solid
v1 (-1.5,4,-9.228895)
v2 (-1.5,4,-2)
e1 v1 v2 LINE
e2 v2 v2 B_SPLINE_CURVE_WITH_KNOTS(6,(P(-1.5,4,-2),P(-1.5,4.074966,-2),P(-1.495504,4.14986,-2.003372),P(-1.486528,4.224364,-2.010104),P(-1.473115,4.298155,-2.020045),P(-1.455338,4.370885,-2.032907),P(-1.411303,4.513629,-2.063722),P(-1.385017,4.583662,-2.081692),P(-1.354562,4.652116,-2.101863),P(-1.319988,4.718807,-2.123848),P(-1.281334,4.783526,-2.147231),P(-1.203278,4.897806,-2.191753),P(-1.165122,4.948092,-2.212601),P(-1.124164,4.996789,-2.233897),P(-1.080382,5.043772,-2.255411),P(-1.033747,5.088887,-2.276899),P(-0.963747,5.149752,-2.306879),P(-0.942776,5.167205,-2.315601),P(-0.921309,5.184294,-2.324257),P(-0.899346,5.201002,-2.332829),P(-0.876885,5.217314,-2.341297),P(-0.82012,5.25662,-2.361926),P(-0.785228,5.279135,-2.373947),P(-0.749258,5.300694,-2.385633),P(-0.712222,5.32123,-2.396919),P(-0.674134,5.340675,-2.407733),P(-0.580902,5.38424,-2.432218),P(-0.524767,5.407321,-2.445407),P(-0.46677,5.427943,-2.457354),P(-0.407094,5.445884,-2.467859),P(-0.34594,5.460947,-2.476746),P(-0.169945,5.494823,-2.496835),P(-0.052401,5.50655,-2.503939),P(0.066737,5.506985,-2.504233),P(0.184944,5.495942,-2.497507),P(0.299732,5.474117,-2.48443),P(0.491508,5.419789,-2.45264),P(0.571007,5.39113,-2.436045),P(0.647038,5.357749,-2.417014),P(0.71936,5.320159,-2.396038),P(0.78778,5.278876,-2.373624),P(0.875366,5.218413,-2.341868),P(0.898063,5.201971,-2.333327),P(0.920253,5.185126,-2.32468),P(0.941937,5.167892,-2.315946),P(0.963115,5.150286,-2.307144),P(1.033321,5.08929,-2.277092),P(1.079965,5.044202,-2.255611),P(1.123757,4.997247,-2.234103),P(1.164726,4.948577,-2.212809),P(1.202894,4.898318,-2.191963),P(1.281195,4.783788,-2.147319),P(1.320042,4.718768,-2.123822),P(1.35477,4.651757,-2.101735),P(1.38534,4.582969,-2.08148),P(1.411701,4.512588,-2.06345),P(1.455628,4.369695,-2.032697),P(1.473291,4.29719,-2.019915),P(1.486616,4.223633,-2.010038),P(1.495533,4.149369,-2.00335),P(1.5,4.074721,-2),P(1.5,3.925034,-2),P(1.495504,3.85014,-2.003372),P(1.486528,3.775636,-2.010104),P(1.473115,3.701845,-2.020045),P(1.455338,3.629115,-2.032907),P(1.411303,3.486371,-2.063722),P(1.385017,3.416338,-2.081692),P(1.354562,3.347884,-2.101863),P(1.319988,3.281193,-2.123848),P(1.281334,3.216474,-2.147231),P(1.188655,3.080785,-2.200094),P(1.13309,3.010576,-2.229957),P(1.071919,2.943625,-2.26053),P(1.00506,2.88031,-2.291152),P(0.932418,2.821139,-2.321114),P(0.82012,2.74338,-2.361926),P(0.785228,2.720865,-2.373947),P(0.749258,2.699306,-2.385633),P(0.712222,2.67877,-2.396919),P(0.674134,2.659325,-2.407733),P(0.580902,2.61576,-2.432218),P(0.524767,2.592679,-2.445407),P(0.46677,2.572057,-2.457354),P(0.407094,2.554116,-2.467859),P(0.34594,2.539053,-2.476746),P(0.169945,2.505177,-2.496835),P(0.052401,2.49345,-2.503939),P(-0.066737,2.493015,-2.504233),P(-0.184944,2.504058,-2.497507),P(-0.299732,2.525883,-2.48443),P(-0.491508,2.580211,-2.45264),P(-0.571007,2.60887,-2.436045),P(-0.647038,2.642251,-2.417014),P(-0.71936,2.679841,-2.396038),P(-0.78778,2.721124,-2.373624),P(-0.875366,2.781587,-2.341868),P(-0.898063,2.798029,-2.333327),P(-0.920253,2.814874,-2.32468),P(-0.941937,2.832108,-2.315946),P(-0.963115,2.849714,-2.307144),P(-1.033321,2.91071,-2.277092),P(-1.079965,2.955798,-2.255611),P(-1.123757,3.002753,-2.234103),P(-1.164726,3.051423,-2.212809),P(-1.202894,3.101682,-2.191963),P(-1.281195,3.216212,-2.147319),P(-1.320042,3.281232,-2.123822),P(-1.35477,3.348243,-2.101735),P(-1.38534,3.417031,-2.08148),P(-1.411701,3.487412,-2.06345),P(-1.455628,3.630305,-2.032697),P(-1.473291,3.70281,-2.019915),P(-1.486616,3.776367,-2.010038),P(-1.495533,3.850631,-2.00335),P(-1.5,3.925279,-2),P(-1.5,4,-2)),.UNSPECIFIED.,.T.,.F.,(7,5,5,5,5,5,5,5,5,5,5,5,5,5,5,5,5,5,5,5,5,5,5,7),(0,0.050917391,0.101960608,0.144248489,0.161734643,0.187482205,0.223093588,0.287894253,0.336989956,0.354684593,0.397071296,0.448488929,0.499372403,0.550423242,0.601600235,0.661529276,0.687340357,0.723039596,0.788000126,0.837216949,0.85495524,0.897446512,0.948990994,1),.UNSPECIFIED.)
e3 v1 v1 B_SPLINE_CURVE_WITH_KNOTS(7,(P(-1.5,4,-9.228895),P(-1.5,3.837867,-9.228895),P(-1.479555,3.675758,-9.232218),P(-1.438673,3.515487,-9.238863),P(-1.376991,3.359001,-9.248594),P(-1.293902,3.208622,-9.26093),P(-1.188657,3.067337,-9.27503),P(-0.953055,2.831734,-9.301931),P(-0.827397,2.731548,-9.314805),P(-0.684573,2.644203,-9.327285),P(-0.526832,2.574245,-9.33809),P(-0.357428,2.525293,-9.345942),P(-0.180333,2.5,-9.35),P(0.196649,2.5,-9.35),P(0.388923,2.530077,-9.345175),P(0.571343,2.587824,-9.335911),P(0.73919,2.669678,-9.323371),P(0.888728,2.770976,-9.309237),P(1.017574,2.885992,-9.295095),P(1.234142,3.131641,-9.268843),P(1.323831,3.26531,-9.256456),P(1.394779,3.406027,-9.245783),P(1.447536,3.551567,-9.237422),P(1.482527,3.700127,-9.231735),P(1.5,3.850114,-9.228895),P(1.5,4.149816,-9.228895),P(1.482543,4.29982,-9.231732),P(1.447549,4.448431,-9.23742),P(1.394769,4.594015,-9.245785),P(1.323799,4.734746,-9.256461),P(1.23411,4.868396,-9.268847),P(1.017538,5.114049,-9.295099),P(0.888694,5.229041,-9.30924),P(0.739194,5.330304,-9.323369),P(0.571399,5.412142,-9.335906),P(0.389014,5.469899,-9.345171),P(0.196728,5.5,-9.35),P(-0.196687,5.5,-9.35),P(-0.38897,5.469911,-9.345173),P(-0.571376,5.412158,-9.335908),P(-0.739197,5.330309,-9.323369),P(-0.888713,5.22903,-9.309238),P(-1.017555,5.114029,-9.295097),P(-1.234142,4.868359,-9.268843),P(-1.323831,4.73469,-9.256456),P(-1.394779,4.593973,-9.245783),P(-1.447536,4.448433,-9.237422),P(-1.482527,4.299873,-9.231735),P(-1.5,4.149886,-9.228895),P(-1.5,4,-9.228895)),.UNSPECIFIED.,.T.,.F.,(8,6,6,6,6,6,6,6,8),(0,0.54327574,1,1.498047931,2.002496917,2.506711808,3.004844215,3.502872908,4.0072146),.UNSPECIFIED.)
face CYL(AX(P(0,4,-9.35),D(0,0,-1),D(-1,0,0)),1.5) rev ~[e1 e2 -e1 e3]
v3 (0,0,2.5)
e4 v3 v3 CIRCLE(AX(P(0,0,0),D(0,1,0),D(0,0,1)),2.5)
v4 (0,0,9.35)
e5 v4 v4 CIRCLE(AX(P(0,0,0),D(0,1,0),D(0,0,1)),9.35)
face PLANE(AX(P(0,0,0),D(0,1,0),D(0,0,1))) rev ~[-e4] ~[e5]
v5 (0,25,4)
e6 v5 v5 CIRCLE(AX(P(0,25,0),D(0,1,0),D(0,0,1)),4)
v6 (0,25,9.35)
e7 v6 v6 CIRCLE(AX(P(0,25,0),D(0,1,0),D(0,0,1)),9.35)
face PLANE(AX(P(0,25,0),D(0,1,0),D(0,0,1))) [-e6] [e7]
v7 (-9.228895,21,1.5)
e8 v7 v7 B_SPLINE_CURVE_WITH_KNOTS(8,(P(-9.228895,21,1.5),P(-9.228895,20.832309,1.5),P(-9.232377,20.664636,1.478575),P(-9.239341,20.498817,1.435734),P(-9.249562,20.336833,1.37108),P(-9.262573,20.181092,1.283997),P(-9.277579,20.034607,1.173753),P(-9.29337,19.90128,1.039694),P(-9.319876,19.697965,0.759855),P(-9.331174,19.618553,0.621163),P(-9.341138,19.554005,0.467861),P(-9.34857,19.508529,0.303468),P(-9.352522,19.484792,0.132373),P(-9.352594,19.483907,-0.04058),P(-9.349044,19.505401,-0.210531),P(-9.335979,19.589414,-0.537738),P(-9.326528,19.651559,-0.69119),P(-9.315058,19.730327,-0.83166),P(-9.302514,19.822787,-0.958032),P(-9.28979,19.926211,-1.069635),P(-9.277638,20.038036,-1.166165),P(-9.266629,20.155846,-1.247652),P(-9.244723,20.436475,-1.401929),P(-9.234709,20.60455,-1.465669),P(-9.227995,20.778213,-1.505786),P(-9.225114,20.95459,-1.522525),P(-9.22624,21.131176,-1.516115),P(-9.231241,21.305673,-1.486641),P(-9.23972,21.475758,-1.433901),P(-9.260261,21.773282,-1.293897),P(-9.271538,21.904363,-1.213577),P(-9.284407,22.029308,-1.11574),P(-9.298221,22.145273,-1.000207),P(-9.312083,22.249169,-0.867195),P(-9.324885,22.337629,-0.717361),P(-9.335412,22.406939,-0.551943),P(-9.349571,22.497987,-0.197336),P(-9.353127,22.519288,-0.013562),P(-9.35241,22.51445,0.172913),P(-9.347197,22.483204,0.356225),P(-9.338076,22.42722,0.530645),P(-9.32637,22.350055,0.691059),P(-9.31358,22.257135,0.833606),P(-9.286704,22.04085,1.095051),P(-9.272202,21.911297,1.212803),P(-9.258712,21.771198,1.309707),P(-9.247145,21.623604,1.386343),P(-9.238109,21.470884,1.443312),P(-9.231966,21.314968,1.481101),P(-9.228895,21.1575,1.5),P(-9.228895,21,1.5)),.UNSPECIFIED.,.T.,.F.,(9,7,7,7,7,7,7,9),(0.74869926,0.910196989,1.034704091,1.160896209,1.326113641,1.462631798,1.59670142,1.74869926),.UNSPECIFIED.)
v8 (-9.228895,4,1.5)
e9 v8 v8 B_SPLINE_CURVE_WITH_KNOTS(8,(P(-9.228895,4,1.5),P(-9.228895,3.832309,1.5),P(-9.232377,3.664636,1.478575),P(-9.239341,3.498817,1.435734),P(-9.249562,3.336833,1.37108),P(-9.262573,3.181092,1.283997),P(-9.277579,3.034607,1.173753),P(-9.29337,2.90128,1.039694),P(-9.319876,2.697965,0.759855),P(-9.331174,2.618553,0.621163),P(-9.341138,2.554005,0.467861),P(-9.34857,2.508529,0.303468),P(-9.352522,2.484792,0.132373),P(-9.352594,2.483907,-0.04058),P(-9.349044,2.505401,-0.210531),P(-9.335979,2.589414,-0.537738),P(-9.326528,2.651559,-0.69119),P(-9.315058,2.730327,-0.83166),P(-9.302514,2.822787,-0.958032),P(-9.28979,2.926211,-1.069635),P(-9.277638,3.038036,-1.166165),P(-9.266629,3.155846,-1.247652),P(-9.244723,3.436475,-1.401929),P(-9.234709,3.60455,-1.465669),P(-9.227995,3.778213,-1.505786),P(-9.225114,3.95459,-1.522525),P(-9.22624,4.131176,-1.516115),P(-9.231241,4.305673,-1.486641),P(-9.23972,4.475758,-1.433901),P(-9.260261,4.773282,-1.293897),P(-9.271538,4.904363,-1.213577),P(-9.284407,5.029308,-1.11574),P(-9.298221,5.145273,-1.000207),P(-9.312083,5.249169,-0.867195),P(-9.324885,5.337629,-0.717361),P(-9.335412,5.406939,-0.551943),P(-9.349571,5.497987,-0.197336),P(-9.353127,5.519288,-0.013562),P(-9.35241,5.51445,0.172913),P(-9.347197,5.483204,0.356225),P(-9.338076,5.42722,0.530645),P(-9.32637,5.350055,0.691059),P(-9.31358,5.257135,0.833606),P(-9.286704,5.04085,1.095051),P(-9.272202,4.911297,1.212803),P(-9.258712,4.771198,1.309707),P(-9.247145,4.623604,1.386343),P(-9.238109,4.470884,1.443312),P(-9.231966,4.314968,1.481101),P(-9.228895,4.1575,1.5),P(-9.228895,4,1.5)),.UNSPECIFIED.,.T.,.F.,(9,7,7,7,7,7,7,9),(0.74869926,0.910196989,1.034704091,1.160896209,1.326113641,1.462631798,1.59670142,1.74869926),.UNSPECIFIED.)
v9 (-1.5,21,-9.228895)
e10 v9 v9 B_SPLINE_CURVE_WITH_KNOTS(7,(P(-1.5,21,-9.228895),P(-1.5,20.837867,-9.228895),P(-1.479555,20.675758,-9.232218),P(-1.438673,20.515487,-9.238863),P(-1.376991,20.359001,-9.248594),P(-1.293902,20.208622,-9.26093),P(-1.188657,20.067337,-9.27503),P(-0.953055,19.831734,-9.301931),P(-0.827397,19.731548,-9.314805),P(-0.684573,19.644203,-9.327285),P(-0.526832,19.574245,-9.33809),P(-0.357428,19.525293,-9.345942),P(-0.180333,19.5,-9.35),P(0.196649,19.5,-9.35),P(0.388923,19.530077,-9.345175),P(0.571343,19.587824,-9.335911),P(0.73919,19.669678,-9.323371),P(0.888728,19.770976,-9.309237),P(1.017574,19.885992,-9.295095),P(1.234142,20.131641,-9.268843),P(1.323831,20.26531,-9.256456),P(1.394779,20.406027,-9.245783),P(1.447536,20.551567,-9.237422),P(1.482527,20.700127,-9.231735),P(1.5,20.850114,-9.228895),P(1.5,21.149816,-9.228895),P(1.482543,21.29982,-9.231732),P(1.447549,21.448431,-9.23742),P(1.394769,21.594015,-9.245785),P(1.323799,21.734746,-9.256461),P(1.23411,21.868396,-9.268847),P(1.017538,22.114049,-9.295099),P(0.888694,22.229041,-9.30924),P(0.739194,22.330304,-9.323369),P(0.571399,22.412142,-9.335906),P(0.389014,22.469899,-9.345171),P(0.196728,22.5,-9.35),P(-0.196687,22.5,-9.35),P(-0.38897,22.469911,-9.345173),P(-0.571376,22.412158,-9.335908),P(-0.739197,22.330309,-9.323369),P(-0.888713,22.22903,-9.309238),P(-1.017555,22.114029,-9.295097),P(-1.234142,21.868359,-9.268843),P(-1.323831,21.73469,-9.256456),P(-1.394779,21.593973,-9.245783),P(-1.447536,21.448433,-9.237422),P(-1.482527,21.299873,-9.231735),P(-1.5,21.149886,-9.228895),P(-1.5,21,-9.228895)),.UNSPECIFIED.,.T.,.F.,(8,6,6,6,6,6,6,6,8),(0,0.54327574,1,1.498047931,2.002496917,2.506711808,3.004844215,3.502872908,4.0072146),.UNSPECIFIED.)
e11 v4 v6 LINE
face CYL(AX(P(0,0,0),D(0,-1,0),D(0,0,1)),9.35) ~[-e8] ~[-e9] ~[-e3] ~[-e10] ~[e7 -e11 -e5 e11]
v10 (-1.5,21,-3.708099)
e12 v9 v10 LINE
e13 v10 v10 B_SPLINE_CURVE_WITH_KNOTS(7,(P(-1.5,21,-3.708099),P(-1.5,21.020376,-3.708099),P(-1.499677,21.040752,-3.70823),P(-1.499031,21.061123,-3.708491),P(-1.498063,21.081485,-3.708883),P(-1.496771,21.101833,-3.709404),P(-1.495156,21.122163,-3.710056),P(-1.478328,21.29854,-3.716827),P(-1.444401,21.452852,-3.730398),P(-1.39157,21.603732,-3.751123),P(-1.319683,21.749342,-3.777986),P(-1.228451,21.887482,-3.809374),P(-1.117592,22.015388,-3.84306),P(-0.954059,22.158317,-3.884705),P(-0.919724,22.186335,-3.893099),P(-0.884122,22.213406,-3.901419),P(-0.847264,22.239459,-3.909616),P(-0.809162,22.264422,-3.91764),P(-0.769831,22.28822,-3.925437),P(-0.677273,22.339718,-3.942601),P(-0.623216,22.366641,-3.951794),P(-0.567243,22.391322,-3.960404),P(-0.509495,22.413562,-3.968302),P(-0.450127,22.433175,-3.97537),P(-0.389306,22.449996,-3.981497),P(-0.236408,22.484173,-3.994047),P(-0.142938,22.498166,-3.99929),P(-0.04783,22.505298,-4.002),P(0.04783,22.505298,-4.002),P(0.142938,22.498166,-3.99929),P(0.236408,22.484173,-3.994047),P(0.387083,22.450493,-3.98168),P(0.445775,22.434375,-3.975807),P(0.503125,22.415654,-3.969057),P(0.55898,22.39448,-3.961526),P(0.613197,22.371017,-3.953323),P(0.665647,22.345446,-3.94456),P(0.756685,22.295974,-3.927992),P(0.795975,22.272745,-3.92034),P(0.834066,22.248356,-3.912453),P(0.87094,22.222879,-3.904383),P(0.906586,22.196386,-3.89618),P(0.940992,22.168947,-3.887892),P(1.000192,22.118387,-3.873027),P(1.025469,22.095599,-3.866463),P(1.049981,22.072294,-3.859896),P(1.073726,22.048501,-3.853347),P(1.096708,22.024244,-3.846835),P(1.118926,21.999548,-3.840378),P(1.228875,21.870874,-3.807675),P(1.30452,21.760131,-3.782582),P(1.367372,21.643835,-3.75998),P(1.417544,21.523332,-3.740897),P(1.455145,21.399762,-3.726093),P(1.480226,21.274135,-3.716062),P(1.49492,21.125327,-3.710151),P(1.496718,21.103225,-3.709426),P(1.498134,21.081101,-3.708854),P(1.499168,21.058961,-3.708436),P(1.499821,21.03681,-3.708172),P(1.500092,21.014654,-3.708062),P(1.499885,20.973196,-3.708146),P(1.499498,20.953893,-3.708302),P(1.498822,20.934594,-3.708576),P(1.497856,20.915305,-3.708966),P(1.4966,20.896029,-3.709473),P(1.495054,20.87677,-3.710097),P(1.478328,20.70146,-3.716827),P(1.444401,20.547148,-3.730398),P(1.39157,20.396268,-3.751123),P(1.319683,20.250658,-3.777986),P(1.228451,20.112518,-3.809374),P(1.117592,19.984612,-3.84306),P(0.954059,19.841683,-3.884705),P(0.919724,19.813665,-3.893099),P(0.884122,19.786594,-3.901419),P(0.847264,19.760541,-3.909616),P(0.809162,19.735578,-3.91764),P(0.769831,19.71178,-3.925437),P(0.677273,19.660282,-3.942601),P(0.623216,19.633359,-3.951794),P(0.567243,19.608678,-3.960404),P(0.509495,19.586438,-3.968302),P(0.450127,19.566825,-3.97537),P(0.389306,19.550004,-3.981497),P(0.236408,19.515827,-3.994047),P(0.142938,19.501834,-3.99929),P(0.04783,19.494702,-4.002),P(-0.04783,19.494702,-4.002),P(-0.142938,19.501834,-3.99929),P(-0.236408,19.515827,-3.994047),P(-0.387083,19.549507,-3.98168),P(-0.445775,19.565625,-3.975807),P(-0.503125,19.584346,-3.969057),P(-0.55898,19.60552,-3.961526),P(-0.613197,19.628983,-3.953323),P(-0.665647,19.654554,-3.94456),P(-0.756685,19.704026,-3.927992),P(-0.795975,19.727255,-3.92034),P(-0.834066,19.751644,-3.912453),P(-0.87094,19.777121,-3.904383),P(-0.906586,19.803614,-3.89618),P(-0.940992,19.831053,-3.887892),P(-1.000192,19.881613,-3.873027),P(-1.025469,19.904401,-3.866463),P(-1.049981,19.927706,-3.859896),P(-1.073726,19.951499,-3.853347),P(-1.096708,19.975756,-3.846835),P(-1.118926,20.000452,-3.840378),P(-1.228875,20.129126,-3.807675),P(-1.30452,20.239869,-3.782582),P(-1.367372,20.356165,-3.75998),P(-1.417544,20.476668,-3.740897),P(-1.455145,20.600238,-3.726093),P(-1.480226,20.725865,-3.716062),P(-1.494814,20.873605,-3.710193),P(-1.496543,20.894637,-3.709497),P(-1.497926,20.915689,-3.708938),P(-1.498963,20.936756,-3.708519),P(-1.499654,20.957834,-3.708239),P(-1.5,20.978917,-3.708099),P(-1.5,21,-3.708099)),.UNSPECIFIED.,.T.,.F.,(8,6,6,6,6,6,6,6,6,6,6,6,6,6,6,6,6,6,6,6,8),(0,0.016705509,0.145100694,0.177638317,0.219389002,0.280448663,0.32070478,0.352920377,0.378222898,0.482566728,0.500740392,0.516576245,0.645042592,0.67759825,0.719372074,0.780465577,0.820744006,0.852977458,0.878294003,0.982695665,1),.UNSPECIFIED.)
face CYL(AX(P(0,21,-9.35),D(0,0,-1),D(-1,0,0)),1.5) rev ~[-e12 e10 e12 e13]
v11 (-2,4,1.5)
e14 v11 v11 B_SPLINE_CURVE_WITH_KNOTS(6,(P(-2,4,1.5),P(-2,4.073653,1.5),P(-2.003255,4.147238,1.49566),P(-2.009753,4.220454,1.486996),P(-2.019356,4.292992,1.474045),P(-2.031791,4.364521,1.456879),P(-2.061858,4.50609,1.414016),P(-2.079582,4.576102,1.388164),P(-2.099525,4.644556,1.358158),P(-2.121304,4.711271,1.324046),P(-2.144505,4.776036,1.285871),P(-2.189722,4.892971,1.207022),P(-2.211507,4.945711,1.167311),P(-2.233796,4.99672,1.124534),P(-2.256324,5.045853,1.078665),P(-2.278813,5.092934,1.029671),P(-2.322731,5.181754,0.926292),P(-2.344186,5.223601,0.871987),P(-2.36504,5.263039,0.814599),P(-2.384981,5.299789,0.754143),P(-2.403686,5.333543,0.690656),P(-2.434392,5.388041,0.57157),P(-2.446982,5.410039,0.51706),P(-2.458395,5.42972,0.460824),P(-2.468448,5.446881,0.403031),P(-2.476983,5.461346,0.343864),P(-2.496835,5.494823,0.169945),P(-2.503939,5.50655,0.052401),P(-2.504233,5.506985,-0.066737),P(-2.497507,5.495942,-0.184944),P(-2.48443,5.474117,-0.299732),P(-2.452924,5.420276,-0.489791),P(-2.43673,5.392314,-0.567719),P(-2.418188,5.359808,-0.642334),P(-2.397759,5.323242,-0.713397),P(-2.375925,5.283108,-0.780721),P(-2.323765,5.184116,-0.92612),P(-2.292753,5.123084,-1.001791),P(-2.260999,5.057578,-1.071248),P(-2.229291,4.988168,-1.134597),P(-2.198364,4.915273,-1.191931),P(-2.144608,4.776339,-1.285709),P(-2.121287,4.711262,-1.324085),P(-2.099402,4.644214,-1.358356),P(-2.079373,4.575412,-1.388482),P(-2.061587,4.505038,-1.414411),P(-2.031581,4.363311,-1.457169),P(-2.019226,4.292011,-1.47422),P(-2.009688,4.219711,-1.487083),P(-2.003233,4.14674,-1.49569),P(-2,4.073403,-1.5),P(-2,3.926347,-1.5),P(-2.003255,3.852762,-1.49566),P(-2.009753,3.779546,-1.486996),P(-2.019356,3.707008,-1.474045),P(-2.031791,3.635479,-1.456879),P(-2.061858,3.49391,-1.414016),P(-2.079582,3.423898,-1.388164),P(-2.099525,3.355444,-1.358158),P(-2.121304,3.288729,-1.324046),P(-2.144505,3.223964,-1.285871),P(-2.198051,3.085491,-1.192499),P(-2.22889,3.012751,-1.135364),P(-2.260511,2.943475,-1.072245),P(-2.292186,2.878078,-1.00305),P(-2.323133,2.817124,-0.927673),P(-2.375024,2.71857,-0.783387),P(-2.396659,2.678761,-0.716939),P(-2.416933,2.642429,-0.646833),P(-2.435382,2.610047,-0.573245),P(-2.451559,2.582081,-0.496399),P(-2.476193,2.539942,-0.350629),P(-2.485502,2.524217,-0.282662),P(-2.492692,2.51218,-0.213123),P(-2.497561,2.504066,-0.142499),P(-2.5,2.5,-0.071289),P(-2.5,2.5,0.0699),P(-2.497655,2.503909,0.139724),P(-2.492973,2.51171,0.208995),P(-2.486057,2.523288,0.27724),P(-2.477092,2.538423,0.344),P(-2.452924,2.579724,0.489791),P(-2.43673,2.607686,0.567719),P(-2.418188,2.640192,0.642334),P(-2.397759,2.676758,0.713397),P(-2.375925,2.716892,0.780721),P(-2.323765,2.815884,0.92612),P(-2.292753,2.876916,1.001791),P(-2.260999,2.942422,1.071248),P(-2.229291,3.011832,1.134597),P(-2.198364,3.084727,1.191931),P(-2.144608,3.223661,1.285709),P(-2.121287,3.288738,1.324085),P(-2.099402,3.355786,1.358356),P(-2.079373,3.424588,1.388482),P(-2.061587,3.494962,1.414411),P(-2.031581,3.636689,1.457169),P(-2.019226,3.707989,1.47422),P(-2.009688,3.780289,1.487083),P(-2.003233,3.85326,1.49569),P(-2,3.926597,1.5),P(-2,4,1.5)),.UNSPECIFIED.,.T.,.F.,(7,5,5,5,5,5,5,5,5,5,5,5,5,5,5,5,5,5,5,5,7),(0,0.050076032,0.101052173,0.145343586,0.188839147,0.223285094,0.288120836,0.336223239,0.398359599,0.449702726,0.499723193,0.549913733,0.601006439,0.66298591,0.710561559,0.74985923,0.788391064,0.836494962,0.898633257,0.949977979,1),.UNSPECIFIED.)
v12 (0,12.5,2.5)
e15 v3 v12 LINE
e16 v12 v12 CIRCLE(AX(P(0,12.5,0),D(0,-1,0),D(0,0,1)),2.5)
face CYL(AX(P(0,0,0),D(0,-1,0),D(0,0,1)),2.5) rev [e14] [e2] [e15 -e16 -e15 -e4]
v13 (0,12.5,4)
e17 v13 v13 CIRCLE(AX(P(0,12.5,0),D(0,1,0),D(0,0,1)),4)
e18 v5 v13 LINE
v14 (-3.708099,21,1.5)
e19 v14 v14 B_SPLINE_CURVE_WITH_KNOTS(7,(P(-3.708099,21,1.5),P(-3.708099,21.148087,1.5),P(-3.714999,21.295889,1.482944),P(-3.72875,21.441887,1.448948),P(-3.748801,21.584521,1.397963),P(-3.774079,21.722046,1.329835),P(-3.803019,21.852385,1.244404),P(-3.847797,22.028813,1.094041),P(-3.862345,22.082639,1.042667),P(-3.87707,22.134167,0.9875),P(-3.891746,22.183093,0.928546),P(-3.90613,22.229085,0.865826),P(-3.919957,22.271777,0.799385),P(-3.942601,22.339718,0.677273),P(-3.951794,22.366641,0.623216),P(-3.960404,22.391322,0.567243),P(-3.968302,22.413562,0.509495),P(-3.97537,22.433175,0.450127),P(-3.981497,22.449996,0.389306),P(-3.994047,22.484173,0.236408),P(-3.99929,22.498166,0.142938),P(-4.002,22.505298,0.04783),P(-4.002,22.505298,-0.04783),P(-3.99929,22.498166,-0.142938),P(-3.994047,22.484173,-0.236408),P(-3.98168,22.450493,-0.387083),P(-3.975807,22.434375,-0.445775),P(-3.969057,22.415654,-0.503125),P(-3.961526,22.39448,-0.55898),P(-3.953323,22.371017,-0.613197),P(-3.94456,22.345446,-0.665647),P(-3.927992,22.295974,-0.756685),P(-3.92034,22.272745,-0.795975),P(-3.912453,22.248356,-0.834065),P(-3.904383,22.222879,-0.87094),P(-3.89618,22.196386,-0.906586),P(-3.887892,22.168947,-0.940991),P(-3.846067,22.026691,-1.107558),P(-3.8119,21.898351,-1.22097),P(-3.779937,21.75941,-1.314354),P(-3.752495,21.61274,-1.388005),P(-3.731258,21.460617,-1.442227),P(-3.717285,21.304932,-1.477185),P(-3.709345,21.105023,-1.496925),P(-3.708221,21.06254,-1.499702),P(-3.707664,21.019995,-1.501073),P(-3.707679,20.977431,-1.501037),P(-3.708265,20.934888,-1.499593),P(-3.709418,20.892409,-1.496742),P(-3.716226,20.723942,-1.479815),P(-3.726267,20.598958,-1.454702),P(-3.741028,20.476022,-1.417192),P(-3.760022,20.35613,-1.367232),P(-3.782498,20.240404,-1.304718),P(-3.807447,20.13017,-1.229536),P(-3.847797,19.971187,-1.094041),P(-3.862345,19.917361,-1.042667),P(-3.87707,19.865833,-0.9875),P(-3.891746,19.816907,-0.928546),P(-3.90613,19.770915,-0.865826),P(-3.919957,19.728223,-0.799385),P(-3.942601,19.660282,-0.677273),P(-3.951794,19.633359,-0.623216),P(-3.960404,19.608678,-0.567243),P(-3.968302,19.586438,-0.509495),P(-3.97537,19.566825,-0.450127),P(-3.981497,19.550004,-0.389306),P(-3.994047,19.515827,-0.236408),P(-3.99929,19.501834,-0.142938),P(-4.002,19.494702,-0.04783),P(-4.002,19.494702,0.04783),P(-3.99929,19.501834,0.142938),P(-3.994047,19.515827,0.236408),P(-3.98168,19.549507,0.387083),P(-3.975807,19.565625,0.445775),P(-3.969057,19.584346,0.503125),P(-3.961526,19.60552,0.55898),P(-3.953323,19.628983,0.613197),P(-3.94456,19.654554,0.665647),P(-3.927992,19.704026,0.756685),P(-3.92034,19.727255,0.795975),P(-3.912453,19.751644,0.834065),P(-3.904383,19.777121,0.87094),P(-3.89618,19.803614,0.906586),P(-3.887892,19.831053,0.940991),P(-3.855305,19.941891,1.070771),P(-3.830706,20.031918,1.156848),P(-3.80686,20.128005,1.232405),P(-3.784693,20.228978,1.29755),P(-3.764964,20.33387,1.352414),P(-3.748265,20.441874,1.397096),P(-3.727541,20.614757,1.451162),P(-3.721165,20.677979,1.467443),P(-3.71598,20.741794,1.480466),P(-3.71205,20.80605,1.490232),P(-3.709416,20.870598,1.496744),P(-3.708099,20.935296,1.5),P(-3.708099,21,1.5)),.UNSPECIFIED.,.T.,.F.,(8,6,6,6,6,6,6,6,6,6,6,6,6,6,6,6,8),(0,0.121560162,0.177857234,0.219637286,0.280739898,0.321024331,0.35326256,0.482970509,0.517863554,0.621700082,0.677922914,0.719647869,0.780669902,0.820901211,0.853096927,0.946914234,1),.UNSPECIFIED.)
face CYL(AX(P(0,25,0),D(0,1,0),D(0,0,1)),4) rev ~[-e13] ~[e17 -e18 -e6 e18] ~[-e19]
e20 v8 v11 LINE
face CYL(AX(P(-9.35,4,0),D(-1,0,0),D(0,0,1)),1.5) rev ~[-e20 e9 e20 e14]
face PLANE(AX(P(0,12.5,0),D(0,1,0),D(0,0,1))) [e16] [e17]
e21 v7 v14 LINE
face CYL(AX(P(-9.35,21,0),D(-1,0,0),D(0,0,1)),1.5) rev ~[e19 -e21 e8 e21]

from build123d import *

# Parameters (mm, degrees)
SKETCH1_R           = 9.35
SKETCH1_R_2         = 2.5
BOSS_EXTRUDE1_DEPTH = 25
SKETCH2_R           = 4
CUT_EXTRUDE1_DEPTH  = 12.5
SKETCH3_R           = 1.5
CUT_EXTRUDE2_DEPTH  = 8
CIRPATTERN1_COUNT   = 2
CIRPATTERN1_ANGLE   = 90


with BuildPart() as part:
    # Sketch1 → Boss-Extrude1 (new body)
    with BuildSketch(Plane(origin=(0, 0, 0), x_dir=(1, 0, 0), z_dir=(0, 1, 0))):
        with Locations(Location((0, 0, 0), (0, 0, 270))):
            Circle(SKETCH1_R)
        with Locations(Location((0, 0, 0), (0, 0, 270))):
            Circle(SKETCH1_R_2, mode=Mode.SUBTRACT)
    extrude(amount=BOSS_EXTRUDE1_DEPTH)

    # Sketch2 → Cut-Extrude1 (cut)
    with BuildSketch(Plane(origin=(0, 25, 0), x_dir=(1, 0, 0), z_dir=(0, 1, 0))):
        with Locations(Location((0, 0, 0), (0, 0, 270))):
            Circle(SKETCH2_R)
    extrude(amount=-CUT_EXTRUDE1_DEPTH, mode=Mode.SUBTRACT)

    # Sketch3 → Cut-Extrude2 (cut)
    with BuildSketch(Plane.ZY.offset(9.35)):
        with Locations((0, 21)):
            Circle(SKETCH3_R)
        with Locations((0, 4)):
            Circle(SKETCH3_R)
    cut_extrude2 = extrude(amount=-CUT_EXTRUDE2_DEPTH, mode=Mode.SUBTRACT)

    # CirPattern1: Cut-Extrude2 ×2 about axis
    cirpattern1_axis = Axis((0, 12.5, 0), (0, -1, 0))
    for i in range(1, CIRPATTERN1_COUNT):
        add(cut_extrude2.rotate(cirpattern1_axis, i * CIRPATTERN1_ANGLE / (CIRPATTERN1_COUNT - 1)), mode=Mode.SUBTRACT)


solid = part.part
